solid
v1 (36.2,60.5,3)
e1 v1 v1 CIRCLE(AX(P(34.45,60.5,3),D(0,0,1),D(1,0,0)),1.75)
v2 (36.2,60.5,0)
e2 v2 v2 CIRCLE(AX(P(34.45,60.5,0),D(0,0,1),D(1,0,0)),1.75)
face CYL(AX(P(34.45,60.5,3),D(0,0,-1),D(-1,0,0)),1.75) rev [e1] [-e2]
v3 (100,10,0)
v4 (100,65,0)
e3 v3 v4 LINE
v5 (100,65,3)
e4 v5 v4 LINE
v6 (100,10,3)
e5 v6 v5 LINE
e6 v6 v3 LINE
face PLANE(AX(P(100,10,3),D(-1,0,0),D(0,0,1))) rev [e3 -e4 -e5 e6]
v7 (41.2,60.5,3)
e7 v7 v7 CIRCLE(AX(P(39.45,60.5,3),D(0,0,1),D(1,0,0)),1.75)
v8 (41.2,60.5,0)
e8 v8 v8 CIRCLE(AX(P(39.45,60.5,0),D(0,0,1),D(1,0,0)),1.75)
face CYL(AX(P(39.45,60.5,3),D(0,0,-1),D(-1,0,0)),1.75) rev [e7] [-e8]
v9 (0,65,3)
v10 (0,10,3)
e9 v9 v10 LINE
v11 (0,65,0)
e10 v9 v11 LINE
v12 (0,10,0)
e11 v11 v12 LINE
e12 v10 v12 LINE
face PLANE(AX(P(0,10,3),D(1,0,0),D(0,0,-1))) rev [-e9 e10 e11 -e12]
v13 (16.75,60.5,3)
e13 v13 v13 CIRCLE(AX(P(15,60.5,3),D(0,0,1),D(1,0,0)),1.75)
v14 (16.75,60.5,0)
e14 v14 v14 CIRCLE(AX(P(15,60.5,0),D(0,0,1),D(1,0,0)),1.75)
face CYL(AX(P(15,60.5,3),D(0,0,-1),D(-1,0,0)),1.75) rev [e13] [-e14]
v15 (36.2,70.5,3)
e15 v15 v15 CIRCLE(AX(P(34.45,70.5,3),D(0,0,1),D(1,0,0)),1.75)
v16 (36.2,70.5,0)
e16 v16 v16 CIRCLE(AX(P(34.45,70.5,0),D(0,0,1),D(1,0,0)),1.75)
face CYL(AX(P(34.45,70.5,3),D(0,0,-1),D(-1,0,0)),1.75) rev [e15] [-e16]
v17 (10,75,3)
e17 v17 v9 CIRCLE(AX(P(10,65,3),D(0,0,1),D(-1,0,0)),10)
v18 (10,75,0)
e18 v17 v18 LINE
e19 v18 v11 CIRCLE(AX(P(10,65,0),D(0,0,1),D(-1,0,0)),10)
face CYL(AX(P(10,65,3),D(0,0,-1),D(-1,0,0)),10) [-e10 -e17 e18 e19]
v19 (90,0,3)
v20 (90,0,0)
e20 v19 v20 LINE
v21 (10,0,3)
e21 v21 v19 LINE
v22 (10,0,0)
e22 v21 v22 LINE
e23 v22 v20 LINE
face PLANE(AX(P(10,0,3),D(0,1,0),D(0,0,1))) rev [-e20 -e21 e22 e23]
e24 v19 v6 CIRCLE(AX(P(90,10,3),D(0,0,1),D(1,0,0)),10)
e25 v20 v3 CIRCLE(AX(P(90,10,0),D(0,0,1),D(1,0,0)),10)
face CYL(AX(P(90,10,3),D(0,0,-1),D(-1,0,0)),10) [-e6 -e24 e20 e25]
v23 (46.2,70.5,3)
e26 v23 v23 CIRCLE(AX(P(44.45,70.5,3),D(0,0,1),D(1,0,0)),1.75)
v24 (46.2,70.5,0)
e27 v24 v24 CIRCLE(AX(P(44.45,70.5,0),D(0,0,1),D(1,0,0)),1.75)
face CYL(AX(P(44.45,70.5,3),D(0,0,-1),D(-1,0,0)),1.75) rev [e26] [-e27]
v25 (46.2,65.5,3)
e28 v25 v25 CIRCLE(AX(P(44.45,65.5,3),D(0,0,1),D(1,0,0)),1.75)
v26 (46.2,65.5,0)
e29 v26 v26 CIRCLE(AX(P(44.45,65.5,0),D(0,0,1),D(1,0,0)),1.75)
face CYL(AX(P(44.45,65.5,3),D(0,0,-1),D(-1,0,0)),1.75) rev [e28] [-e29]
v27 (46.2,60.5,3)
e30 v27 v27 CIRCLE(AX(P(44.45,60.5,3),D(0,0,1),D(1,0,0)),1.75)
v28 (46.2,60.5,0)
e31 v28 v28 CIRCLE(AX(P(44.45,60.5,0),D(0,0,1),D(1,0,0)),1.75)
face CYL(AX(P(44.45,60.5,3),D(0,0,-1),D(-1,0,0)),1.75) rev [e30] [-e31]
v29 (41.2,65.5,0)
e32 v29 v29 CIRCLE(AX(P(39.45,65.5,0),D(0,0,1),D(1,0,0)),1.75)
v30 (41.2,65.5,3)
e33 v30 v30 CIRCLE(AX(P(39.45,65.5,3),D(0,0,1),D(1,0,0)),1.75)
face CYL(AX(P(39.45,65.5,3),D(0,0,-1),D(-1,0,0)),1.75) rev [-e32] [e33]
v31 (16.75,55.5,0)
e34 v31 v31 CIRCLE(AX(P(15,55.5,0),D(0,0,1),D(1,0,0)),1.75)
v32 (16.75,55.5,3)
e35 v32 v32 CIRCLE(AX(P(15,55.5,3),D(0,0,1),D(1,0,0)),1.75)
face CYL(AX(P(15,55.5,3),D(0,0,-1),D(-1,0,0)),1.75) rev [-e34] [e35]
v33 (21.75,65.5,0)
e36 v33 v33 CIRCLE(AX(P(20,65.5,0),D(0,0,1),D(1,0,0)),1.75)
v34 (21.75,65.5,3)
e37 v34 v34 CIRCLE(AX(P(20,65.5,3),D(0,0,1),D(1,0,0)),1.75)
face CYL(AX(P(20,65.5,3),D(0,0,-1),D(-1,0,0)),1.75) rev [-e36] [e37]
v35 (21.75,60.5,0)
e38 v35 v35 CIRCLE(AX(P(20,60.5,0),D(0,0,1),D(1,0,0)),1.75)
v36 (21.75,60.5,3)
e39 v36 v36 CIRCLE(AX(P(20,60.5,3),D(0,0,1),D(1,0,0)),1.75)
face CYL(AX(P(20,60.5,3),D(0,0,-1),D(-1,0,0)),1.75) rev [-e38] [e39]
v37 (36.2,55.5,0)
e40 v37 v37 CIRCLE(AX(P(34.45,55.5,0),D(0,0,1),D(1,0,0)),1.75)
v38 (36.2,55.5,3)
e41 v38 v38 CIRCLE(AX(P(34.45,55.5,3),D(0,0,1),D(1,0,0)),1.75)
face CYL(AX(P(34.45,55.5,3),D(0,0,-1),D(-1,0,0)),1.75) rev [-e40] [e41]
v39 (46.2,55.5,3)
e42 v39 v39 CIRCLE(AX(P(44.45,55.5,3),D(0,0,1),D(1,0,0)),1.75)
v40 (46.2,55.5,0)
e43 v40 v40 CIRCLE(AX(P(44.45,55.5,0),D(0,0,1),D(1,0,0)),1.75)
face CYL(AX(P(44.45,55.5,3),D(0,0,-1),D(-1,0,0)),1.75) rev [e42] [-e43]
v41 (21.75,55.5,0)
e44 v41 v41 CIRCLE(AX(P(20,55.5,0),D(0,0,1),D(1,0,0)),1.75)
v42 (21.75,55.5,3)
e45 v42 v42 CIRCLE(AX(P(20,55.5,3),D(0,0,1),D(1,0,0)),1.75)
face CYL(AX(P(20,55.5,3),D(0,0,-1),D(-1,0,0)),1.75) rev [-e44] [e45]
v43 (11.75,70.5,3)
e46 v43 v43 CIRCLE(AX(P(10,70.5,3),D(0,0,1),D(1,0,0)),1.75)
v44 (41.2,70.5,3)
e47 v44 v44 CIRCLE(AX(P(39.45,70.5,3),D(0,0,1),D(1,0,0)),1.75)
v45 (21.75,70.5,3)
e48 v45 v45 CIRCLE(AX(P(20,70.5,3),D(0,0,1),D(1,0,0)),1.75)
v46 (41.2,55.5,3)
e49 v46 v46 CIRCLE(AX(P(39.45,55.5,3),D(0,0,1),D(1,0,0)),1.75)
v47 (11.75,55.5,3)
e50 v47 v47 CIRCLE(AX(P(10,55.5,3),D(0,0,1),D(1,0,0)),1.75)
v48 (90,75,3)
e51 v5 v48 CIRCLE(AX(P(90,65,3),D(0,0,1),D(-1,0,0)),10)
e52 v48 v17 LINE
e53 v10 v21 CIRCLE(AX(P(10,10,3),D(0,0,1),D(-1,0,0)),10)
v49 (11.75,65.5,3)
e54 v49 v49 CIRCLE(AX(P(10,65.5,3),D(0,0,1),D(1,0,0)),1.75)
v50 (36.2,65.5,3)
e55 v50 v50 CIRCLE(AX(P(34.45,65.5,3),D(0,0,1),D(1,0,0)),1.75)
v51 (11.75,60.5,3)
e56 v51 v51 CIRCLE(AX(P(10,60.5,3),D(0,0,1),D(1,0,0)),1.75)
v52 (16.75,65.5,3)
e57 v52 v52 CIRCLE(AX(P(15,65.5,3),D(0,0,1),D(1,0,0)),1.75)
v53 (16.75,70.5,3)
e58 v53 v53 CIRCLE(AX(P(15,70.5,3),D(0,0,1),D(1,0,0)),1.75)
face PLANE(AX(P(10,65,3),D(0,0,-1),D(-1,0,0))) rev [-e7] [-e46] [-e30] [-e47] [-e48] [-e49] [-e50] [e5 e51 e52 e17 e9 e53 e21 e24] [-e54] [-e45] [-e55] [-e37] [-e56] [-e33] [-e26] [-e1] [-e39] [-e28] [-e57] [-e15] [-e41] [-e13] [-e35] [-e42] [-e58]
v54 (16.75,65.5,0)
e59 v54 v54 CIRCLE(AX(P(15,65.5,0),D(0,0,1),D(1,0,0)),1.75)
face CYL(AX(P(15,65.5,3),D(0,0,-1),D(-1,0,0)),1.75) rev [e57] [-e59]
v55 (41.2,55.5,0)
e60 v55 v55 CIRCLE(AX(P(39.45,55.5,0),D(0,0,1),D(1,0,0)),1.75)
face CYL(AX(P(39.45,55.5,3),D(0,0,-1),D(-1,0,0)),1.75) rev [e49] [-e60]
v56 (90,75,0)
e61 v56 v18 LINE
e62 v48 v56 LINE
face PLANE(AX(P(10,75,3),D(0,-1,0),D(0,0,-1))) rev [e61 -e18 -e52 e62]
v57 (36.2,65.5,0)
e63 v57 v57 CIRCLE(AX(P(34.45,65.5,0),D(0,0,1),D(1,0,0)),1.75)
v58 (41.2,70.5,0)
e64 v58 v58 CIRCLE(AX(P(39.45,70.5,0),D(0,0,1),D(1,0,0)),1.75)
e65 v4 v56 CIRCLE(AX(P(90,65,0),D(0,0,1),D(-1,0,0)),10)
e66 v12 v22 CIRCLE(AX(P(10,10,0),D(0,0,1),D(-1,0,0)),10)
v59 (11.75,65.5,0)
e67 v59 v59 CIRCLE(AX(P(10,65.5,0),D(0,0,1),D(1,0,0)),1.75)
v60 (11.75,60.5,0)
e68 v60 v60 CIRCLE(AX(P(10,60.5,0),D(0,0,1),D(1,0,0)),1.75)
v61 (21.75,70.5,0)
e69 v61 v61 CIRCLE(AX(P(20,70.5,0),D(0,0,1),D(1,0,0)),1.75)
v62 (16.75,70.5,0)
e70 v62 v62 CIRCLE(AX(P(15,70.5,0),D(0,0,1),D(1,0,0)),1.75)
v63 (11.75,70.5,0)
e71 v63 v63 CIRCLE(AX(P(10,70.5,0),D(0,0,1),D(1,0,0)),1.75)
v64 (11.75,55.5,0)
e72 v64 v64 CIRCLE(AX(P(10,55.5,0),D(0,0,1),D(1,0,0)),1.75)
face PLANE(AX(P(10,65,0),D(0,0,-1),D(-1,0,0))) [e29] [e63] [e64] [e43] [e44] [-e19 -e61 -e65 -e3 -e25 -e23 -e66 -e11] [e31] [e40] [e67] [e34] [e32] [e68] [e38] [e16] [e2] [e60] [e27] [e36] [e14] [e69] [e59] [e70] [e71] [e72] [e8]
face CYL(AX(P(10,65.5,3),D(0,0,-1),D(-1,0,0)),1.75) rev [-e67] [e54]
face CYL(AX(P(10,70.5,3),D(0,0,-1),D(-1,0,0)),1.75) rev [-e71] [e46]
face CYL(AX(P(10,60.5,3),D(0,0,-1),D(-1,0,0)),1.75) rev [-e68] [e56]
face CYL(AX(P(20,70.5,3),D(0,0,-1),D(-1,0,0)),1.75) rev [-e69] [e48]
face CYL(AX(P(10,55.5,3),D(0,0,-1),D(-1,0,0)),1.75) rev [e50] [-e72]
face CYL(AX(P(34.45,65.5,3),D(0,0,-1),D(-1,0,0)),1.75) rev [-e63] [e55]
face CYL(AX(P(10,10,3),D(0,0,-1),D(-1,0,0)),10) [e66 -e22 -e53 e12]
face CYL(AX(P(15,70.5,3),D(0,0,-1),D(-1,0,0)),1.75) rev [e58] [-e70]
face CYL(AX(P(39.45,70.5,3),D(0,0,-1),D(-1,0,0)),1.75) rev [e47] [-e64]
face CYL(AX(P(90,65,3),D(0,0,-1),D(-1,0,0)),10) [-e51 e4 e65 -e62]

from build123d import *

# Parameters (mm, degrees)
SKETCH1_R           = 1.75
BOSS_EXTRUDE1_DEPTH = 3


with BuildPart() as part:
    # Sketch1 → Boss-Extrude1 (new body)
    with BuildSketch(Plane.XY):
        with BuildLine():
            Line((10, 0), (90, 0))
            ThreePointArc((90, 0), (97.071067812, 2.928932188), (100, 10))
            Line((100, 10), (100, 65))
            ThreePointArc((100, 65), (97.071067812, 72.071067812), (90, 75))
            Line((90, 75), (10, 75))
            ThreePointArc((10, 75), (2.928932188, 72.071067812), (0, 65))
            Line((0, 65), (0, 10))
            ThreePointArc((0, 10), (2.928932188, 2.928932188), (10, 0))
        make_face()
        with Locations((10, 70.5)):
            Circle(SKETCH1_R, mode=Mode.SUBTRACT)
        with Locations((10, 65.5)):
            Circle(SKETCH1_R, mode=Mode.SUBTRACT)
        with Locations((10, 60.5)):
            Circle(SKETCH1_R, mode=Mode.SUBTRACT)
        with Locations((10, 55.5)):
            Circle(SKETCH1_R, mode=Mode.SUBTRACT)
        with Locations((15, 70.5)):
            Circle(SKETCH1_R, mode=Mode.SUBTRACT)
        with Locations((15, 65.5)):
            Circle(SKETCH1_R, mode=Mode.SUBTRACT)
        with Locations((15, 60.5)):
            Circle(SKETCH1_R, mode=Mode.SUBTRACT)
        with Locations((15, 55.5)):
            Circle(SKETCH1_R, mode=Mode.SUBTRACT)
        with Locations((20, 70.5)):
            Circle(SKETCH1_R, mode=Mode.SUBTRACT)
        with Locations((20, 65.5)):
            Circle(SKETCH1_R, mode=Mode.SUBTRACT)
        with Locations((20, 60.5)):
            Circle(SKETCH1_R, mode=Mode.SUBTRACT)
        with Locations((20, 55.5)):
            Circle(SKETCH1_R, mode=Mode.SUBTRACT)
        with Locations((34.45, 70.5)):
            Circle(SKETCH1_R, mode=Mode.SUBTRACT)
        with Locations((39.45, 70.5)):
            Circle(SKETCH1_R, mode=Mode.SUBTRACT)
        with Locations((44.45, 70.5)):
            Circle(SKETCH1_R, mode=Mode.SUBTRACT)
        with Locations((44.45, 65.5)):
            Circle(SKETCH1_R, mode=Mode.SUBTRACT)
        with Locations((39.45, 65.5)):
            Circle(SKETCH1_R, mode=Mode.SUBTRACT)
        with Locations((34.45, 65.5)):
            Circle(SKETCH1_R, mode=Mode.SUBTRACT)
        with Locations((34.45, 60.5)):
            Circle(SKETCH1_R, mode=Mode.SUBTRACT)
        with Locations((39.45, 60.5)):
            Circle(SKETCH1_R, mode=Mode.SUBTRACT)
        with Locations((44.45, 60.5)):
            Circle(SKETCH1_R, mode=Mode.SUBTRACT)
        with Locations((44.45, 55.5)):
            Circle(SKETCH1_R, mode=Mode.SUBTRACT)
        with Locations((39.45, 55.5)):
            Circle(SKETCH1_R, mode=Mode.SUBTRACT)
        with Locations((34.45, 55.5)):
            Circle(SKETCH1_R, mode=Mode.SUBTRACT)
    extrude(amount=BOSS_EXTRUDE1_DEPTH)


solid = part.part
